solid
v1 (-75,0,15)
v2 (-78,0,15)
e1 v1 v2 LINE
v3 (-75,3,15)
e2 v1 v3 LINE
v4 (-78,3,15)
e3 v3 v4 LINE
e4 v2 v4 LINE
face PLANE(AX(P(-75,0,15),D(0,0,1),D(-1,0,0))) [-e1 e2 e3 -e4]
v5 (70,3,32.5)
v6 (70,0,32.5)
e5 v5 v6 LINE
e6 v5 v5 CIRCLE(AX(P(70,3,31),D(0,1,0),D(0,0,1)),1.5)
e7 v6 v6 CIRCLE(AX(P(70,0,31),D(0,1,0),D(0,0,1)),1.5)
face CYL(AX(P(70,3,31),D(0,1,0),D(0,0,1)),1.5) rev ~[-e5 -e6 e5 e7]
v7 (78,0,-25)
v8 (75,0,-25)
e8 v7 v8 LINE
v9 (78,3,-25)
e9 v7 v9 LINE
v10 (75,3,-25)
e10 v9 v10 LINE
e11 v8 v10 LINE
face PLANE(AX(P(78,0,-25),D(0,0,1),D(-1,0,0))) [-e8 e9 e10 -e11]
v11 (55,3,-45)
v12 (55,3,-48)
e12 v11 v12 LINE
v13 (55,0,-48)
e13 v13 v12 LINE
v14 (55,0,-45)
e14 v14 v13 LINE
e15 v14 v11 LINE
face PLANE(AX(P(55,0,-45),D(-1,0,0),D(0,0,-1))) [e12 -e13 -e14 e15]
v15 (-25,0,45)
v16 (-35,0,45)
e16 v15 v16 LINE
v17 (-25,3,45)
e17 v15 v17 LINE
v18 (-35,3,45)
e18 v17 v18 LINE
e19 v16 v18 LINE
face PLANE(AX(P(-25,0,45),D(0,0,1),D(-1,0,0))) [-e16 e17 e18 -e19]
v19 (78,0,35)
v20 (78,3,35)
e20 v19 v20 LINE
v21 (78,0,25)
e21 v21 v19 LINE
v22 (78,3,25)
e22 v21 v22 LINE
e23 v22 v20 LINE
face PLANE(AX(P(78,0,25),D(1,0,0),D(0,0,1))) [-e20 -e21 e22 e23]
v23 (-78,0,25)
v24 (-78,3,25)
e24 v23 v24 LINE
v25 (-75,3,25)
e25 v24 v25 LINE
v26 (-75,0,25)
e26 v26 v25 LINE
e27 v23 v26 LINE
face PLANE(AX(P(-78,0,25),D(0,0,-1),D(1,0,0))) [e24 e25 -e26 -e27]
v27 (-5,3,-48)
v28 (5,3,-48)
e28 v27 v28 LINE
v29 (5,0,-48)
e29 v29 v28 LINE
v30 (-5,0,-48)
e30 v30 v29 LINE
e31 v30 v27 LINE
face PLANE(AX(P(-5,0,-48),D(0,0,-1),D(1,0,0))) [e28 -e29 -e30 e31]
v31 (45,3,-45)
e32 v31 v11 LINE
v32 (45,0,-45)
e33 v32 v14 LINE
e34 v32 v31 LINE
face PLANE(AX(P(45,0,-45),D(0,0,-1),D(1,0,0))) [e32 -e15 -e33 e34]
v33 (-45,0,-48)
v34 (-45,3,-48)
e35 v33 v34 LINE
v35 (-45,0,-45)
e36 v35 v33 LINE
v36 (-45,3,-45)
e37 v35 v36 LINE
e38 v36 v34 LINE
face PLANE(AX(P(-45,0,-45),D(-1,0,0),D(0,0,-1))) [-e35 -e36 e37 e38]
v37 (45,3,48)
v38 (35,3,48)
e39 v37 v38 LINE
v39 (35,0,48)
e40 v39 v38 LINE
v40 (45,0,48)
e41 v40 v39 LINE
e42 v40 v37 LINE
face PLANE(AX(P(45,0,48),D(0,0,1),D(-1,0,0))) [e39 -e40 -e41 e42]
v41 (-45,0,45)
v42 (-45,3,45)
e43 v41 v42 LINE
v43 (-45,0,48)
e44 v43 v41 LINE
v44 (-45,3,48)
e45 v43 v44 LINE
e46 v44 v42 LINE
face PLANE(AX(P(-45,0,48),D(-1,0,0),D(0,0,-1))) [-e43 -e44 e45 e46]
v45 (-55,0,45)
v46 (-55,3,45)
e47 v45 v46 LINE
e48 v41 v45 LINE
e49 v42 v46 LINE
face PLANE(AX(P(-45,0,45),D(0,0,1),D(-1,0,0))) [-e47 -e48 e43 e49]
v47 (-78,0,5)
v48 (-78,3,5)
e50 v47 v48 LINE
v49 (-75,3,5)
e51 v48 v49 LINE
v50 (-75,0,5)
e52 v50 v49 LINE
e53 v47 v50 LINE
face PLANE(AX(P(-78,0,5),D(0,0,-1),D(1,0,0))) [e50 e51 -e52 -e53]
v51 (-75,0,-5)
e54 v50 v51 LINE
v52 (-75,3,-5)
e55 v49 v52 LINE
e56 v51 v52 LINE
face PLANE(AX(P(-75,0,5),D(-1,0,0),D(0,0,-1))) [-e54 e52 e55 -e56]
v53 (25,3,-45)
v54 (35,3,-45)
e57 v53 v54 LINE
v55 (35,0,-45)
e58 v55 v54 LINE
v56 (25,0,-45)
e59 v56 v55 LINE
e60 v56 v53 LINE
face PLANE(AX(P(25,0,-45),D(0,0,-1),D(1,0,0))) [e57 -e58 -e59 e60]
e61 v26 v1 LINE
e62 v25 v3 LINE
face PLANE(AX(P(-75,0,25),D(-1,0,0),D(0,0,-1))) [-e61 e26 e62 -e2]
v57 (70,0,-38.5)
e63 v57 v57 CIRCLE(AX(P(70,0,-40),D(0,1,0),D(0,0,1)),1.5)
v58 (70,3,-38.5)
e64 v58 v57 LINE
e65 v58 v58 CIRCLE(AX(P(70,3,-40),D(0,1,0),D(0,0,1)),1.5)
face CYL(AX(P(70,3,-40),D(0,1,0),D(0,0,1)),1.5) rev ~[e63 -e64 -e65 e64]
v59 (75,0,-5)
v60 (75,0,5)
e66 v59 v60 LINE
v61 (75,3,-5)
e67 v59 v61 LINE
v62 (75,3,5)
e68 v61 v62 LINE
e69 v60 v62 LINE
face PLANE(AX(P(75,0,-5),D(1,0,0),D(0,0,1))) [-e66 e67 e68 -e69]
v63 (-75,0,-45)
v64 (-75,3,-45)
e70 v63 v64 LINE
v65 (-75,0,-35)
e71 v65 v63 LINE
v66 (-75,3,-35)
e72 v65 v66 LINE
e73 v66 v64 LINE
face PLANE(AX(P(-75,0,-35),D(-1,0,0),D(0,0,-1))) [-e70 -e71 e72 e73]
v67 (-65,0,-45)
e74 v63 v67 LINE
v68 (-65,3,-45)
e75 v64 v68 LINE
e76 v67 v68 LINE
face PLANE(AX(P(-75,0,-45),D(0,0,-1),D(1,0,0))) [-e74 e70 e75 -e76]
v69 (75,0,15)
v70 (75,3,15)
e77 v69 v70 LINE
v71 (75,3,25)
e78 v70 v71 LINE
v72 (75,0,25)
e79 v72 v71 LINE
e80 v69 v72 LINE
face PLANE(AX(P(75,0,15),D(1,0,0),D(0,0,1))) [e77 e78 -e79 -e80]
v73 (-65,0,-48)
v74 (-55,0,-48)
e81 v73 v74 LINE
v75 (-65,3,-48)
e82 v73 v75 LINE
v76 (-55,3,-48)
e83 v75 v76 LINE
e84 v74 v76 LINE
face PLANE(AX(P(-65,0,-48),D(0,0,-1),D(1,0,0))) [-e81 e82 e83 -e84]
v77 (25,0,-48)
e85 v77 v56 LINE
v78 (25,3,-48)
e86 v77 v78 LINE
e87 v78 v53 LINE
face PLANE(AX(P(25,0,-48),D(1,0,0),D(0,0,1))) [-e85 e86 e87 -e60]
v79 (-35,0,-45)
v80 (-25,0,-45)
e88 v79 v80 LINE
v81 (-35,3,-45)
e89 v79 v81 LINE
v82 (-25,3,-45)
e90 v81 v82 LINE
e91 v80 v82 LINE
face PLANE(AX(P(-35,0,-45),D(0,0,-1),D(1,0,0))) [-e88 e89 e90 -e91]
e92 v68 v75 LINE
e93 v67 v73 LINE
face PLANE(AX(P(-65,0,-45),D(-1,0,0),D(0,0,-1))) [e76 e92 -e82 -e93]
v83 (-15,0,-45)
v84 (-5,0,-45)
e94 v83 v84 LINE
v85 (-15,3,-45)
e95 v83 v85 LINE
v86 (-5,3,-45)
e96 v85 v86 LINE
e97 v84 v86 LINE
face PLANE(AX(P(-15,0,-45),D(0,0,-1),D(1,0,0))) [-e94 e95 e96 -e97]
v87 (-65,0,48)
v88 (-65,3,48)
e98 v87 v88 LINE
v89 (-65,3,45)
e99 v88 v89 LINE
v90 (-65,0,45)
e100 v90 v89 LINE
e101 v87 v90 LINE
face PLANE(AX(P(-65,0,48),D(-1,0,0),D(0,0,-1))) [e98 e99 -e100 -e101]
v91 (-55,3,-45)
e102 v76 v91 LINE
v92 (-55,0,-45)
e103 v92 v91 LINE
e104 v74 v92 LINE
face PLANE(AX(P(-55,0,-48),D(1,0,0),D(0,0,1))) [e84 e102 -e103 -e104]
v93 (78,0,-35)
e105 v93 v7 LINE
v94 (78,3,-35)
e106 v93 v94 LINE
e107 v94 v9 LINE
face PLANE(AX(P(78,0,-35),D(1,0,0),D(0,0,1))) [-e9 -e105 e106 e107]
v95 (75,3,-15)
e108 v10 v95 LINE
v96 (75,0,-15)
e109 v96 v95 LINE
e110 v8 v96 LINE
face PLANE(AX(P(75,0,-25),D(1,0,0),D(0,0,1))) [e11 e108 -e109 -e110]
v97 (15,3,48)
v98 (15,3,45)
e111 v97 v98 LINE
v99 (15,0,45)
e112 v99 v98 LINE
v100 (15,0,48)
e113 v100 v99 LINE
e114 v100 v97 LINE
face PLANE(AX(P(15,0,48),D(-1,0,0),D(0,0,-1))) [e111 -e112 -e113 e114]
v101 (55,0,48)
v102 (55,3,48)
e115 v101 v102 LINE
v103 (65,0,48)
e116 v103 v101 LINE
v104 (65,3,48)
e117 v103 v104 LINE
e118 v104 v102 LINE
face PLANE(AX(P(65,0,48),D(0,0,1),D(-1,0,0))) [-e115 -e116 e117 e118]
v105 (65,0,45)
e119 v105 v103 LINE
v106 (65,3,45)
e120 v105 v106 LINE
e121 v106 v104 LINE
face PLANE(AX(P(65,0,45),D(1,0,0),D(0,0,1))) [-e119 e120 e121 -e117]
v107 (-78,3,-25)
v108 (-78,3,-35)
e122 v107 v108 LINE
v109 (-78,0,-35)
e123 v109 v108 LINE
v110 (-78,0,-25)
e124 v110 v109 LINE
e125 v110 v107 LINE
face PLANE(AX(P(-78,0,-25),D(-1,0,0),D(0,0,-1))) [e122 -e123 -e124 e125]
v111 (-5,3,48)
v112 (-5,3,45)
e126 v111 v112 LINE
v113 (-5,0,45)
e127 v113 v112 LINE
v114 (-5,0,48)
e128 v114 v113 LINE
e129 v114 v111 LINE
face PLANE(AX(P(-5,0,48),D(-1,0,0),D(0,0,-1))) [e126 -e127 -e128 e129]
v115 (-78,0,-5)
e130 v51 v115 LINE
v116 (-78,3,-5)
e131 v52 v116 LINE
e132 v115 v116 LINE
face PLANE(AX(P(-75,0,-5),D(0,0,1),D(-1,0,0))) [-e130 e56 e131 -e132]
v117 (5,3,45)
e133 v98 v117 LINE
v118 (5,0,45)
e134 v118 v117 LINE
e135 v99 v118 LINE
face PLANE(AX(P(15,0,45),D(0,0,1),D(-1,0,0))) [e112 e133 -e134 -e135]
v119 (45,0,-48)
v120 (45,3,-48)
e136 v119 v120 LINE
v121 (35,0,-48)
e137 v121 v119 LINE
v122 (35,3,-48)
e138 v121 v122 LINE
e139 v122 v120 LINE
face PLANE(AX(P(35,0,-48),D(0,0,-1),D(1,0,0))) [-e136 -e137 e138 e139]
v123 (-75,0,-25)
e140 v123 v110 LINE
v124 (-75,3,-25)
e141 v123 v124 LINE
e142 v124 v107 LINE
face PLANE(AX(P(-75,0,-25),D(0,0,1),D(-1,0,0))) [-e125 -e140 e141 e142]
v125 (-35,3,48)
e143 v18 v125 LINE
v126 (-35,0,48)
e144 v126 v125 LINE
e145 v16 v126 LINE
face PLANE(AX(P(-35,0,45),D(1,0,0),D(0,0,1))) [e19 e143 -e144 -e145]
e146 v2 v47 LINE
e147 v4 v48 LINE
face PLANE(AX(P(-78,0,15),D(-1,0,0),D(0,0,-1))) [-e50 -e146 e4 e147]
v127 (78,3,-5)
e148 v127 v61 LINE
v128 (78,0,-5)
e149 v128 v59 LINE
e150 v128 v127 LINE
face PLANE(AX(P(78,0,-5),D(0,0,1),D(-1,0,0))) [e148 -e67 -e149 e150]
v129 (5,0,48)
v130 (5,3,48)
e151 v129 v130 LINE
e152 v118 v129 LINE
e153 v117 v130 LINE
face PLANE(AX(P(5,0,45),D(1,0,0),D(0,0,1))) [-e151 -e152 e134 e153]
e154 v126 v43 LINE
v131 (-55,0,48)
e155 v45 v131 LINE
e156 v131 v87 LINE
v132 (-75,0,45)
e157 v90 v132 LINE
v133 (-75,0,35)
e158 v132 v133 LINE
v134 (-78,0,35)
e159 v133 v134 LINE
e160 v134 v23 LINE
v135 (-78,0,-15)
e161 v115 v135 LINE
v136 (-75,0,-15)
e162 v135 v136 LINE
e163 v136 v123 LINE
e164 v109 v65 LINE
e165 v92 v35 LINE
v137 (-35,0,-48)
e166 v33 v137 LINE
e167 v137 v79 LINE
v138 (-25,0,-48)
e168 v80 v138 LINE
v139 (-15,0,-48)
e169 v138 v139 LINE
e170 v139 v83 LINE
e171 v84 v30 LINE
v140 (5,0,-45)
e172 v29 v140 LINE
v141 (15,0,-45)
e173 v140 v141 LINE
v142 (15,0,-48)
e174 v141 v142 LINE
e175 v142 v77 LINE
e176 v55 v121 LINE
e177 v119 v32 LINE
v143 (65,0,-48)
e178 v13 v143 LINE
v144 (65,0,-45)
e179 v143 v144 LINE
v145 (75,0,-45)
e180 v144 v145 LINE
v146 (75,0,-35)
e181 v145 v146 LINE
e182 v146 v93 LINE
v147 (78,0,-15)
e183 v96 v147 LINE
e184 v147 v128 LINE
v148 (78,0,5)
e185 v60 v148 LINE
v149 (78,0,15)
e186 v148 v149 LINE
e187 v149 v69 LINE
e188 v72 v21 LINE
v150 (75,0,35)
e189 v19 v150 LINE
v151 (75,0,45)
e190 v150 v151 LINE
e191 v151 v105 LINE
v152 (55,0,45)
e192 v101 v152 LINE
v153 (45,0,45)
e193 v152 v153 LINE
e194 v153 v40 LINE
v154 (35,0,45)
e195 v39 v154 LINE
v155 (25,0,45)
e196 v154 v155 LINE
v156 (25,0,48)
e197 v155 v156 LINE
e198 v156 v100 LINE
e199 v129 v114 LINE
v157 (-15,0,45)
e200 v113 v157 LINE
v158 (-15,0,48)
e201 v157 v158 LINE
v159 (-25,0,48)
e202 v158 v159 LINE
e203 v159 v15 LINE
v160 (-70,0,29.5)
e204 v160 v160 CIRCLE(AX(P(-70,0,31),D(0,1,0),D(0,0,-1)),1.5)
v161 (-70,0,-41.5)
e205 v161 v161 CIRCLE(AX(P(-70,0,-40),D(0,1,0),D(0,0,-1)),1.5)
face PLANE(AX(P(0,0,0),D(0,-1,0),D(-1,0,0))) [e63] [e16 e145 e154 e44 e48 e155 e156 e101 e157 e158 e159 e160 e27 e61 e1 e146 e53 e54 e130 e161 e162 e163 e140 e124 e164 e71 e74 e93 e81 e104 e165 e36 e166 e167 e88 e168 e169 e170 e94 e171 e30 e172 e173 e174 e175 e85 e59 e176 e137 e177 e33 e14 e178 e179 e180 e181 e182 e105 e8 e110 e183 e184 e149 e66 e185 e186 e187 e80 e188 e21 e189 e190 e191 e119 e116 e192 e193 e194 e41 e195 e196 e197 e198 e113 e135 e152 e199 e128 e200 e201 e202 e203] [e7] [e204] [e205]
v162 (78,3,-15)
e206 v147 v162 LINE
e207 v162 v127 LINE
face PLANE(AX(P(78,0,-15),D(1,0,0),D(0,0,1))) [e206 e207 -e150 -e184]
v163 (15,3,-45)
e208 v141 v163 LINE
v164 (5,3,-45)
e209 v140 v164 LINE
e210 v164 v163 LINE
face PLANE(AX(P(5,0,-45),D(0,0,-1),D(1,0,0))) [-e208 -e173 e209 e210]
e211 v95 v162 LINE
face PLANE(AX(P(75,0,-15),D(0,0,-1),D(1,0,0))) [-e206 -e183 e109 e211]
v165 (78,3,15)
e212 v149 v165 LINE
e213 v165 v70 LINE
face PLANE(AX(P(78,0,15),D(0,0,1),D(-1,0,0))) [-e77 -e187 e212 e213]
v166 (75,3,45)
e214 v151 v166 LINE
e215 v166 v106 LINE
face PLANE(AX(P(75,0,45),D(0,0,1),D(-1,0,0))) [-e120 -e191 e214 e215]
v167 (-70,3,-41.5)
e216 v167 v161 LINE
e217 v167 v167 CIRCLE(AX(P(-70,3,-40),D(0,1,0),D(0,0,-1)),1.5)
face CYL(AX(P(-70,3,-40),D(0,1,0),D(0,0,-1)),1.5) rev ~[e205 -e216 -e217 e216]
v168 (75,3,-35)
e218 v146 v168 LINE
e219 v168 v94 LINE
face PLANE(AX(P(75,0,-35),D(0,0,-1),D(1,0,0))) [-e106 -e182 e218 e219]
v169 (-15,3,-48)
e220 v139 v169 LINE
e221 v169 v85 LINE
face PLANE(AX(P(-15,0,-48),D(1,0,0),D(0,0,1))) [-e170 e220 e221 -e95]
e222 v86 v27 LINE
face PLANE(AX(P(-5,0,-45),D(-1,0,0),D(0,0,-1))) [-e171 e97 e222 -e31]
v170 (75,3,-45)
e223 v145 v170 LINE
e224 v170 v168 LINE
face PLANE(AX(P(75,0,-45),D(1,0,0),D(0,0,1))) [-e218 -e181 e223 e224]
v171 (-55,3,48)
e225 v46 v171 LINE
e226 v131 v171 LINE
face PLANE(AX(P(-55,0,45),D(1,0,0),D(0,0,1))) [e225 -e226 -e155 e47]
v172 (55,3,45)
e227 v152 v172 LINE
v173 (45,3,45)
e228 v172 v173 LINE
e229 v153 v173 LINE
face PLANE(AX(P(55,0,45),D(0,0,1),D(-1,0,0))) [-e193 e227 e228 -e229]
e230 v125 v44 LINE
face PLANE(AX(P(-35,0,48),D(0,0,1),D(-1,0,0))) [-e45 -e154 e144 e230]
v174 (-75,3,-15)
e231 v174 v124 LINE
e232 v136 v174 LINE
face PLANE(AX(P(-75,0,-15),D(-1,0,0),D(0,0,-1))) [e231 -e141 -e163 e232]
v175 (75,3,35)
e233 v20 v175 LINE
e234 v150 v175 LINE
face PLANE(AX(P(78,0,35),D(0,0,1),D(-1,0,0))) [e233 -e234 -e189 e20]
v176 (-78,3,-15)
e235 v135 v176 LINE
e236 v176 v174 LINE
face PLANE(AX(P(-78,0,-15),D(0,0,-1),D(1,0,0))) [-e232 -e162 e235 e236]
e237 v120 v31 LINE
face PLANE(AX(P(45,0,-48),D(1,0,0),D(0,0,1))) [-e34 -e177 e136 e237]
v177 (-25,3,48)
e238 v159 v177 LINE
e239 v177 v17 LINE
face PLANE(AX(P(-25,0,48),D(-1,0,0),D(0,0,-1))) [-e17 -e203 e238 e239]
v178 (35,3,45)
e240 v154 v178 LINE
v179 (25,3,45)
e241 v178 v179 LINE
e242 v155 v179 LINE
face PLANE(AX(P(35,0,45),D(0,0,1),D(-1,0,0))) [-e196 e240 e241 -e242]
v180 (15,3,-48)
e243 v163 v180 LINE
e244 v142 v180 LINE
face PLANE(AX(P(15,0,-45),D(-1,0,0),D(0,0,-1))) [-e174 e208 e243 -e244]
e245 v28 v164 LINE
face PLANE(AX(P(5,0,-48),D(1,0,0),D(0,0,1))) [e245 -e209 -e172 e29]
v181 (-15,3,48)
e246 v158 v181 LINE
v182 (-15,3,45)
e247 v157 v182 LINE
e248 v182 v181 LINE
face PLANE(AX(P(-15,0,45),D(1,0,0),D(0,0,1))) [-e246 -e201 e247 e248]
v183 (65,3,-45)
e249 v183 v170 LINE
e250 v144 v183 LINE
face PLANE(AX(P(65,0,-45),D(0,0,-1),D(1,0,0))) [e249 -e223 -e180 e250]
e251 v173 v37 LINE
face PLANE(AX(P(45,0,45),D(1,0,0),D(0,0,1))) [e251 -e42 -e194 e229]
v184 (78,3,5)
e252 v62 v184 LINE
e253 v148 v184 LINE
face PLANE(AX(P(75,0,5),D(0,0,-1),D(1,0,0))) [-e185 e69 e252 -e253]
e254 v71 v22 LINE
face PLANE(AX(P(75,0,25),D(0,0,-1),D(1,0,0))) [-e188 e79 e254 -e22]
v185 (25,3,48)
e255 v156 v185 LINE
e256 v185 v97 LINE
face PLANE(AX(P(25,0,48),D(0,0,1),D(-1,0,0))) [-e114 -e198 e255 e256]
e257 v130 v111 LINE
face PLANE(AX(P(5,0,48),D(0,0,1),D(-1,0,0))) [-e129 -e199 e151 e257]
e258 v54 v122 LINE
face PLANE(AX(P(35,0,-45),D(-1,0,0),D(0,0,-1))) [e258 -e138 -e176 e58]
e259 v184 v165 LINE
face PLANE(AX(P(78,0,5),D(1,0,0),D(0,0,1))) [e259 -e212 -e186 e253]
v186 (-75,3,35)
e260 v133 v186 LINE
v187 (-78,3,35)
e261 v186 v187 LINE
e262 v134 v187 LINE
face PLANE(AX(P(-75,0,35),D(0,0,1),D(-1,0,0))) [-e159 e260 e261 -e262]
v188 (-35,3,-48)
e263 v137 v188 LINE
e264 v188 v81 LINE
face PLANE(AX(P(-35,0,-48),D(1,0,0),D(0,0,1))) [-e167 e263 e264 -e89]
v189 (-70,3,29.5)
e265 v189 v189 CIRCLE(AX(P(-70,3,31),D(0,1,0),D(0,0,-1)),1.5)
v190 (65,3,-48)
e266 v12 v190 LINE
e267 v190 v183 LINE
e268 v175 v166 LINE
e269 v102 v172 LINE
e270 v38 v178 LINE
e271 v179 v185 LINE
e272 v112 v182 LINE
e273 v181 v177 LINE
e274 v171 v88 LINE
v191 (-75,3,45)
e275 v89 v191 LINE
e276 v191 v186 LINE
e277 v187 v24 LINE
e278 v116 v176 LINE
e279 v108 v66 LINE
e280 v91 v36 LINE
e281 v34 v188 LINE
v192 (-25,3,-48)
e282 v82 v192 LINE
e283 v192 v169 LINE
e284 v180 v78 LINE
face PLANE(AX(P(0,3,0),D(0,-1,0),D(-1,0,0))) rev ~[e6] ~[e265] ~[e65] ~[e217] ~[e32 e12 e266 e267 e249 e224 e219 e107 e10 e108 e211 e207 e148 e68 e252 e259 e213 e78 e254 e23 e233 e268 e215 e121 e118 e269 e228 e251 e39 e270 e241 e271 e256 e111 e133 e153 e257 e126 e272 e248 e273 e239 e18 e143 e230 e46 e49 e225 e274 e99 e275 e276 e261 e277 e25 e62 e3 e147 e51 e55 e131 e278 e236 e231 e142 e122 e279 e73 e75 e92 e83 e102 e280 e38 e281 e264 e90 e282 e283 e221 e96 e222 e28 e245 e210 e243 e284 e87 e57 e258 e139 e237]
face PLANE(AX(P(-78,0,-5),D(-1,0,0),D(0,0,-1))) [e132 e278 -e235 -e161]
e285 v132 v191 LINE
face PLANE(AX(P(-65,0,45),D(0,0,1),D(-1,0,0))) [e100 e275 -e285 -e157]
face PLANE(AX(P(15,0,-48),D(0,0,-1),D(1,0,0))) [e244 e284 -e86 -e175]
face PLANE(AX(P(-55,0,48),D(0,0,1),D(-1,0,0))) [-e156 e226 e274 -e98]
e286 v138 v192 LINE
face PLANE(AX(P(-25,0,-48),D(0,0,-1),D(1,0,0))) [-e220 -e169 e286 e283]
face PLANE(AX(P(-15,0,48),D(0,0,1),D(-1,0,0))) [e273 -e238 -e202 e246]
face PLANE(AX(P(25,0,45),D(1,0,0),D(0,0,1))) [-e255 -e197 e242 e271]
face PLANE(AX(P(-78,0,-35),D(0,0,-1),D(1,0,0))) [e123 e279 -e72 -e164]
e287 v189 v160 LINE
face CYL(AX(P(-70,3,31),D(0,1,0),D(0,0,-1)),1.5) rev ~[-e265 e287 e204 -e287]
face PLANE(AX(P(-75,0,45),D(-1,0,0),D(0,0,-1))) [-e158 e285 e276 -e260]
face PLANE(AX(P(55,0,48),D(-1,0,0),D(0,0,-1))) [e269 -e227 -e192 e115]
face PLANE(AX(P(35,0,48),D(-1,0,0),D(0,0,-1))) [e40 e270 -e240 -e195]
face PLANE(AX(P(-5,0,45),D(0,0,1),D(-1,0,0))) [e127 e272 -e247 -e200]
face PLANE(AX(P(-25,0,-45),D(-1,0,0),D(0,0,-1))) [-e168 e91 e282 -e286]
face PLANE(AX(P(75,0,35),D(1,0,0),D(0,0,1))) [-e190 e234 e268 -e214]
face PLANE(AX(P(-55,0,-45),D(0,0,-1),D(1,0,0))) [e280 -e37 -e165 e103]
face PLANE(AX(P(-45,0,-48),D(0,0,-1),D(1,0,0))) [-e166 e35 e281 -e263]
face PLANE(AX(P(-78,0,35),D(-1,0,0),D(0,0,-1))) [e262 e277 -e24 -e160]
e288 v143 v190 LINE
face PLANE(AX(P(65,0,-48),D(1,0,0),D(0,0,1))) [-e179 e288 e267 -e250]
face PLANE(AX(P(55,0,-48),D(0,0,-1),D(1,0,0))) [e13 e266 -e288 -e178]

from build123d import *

# Parameters (mm, degrees)
BOSS_EXTRUDE1_DEPTH = 3
SKETCH2_R           = 1.5
CUT_EXTRUDE1_DEPTH  = 3


with BuildPart() as part:
    # Sketch1 → Boss-Extrude1 (new body)
    with BuildSketch(Plane(origin=(0, 0, 0), x_dir=(1, 0, 0), z_dir=(0, 1, 0))):
        Polygon((-5, 48), (5, 48), (5, 45), (15, 45), (15, 48), (25, 48), (25, 45), (35, 45), (35, 48), (45, 48), (45, 45), (55, 45), (55, 48), (65, 48), (65, 45), (75, 45), (75, 35), (78, 35), (78, 25), (75, 25), (75, 15), (78, 15), (78, 5), (75, 5), (75, -5), (78, -5), (78, -15), (75, -15), (75, -25), (78, -25), (78, -35), (75, -35), (75, -45), (65, -45), (65, -48), (55, -48), (55, -45), (45, -45), (45, -48), (35, -48), (35, -45), (25, -45), (25, -48), (15, -48), (15, -45), (5, -45), (5, -48), (-5, -48), (-5, -45), (-15, -45), (-15, -48), (-25, -48), (-25, -45), (-35, -45), (-35, -48), (-45, -48), (-45, -45), (-55, -45), (-55, -48), (-65, -48), (-65, -45), (-75, -45), (-75, -35), (-78, -35), (-78, -25), (-75, -25), (-75, -15), (-78, -15), (-78, -5), (-75, -5), (-75, 5), (-78, 5), (-78, 15), (-75, 15), (-75, 25), (-78, 25), (-78, 35), (-75, 35), (-75, 45), (-65, 45), (-65, 48), (-55, 48), (-55, 45), (-45, 45), (-45, 48), (-35, 48), (-35, 45), (-25, 45), (-25, 48), (-15, 48), (-15, 45), (-5, 45), align=None)
    extrude(amount=BOSS_EXTRUDE1_DEPTH)

    # Sketch2 → Cut-Extrude1 (cut)
    with BuildSketch(Plane(origin=(0, 3, 0), x_dir=(1, 0, 0), z_dir=(0, 1, 0))):
        with Locations(Location((70, 40, 0), (0, 0, 270))):
            Circle(SKETCH2_R)
        with Locations(Location((70, -31, 0), (0, 0, 270))):
            Circle(SKETCH2_R)
        with Locations(Location((-70, 40, 0), (0, 0, 90))):
            Circle(SKETCH2_R)
        with Locations(Location((-70, -31, 0), (0, 0, 90))):
            Circle(SKETCH2_R)
    extrude(amount=-CUT_EXTRUDE1_DEPTH, mode=Mode.SUBTRACT)


solid = part.part
